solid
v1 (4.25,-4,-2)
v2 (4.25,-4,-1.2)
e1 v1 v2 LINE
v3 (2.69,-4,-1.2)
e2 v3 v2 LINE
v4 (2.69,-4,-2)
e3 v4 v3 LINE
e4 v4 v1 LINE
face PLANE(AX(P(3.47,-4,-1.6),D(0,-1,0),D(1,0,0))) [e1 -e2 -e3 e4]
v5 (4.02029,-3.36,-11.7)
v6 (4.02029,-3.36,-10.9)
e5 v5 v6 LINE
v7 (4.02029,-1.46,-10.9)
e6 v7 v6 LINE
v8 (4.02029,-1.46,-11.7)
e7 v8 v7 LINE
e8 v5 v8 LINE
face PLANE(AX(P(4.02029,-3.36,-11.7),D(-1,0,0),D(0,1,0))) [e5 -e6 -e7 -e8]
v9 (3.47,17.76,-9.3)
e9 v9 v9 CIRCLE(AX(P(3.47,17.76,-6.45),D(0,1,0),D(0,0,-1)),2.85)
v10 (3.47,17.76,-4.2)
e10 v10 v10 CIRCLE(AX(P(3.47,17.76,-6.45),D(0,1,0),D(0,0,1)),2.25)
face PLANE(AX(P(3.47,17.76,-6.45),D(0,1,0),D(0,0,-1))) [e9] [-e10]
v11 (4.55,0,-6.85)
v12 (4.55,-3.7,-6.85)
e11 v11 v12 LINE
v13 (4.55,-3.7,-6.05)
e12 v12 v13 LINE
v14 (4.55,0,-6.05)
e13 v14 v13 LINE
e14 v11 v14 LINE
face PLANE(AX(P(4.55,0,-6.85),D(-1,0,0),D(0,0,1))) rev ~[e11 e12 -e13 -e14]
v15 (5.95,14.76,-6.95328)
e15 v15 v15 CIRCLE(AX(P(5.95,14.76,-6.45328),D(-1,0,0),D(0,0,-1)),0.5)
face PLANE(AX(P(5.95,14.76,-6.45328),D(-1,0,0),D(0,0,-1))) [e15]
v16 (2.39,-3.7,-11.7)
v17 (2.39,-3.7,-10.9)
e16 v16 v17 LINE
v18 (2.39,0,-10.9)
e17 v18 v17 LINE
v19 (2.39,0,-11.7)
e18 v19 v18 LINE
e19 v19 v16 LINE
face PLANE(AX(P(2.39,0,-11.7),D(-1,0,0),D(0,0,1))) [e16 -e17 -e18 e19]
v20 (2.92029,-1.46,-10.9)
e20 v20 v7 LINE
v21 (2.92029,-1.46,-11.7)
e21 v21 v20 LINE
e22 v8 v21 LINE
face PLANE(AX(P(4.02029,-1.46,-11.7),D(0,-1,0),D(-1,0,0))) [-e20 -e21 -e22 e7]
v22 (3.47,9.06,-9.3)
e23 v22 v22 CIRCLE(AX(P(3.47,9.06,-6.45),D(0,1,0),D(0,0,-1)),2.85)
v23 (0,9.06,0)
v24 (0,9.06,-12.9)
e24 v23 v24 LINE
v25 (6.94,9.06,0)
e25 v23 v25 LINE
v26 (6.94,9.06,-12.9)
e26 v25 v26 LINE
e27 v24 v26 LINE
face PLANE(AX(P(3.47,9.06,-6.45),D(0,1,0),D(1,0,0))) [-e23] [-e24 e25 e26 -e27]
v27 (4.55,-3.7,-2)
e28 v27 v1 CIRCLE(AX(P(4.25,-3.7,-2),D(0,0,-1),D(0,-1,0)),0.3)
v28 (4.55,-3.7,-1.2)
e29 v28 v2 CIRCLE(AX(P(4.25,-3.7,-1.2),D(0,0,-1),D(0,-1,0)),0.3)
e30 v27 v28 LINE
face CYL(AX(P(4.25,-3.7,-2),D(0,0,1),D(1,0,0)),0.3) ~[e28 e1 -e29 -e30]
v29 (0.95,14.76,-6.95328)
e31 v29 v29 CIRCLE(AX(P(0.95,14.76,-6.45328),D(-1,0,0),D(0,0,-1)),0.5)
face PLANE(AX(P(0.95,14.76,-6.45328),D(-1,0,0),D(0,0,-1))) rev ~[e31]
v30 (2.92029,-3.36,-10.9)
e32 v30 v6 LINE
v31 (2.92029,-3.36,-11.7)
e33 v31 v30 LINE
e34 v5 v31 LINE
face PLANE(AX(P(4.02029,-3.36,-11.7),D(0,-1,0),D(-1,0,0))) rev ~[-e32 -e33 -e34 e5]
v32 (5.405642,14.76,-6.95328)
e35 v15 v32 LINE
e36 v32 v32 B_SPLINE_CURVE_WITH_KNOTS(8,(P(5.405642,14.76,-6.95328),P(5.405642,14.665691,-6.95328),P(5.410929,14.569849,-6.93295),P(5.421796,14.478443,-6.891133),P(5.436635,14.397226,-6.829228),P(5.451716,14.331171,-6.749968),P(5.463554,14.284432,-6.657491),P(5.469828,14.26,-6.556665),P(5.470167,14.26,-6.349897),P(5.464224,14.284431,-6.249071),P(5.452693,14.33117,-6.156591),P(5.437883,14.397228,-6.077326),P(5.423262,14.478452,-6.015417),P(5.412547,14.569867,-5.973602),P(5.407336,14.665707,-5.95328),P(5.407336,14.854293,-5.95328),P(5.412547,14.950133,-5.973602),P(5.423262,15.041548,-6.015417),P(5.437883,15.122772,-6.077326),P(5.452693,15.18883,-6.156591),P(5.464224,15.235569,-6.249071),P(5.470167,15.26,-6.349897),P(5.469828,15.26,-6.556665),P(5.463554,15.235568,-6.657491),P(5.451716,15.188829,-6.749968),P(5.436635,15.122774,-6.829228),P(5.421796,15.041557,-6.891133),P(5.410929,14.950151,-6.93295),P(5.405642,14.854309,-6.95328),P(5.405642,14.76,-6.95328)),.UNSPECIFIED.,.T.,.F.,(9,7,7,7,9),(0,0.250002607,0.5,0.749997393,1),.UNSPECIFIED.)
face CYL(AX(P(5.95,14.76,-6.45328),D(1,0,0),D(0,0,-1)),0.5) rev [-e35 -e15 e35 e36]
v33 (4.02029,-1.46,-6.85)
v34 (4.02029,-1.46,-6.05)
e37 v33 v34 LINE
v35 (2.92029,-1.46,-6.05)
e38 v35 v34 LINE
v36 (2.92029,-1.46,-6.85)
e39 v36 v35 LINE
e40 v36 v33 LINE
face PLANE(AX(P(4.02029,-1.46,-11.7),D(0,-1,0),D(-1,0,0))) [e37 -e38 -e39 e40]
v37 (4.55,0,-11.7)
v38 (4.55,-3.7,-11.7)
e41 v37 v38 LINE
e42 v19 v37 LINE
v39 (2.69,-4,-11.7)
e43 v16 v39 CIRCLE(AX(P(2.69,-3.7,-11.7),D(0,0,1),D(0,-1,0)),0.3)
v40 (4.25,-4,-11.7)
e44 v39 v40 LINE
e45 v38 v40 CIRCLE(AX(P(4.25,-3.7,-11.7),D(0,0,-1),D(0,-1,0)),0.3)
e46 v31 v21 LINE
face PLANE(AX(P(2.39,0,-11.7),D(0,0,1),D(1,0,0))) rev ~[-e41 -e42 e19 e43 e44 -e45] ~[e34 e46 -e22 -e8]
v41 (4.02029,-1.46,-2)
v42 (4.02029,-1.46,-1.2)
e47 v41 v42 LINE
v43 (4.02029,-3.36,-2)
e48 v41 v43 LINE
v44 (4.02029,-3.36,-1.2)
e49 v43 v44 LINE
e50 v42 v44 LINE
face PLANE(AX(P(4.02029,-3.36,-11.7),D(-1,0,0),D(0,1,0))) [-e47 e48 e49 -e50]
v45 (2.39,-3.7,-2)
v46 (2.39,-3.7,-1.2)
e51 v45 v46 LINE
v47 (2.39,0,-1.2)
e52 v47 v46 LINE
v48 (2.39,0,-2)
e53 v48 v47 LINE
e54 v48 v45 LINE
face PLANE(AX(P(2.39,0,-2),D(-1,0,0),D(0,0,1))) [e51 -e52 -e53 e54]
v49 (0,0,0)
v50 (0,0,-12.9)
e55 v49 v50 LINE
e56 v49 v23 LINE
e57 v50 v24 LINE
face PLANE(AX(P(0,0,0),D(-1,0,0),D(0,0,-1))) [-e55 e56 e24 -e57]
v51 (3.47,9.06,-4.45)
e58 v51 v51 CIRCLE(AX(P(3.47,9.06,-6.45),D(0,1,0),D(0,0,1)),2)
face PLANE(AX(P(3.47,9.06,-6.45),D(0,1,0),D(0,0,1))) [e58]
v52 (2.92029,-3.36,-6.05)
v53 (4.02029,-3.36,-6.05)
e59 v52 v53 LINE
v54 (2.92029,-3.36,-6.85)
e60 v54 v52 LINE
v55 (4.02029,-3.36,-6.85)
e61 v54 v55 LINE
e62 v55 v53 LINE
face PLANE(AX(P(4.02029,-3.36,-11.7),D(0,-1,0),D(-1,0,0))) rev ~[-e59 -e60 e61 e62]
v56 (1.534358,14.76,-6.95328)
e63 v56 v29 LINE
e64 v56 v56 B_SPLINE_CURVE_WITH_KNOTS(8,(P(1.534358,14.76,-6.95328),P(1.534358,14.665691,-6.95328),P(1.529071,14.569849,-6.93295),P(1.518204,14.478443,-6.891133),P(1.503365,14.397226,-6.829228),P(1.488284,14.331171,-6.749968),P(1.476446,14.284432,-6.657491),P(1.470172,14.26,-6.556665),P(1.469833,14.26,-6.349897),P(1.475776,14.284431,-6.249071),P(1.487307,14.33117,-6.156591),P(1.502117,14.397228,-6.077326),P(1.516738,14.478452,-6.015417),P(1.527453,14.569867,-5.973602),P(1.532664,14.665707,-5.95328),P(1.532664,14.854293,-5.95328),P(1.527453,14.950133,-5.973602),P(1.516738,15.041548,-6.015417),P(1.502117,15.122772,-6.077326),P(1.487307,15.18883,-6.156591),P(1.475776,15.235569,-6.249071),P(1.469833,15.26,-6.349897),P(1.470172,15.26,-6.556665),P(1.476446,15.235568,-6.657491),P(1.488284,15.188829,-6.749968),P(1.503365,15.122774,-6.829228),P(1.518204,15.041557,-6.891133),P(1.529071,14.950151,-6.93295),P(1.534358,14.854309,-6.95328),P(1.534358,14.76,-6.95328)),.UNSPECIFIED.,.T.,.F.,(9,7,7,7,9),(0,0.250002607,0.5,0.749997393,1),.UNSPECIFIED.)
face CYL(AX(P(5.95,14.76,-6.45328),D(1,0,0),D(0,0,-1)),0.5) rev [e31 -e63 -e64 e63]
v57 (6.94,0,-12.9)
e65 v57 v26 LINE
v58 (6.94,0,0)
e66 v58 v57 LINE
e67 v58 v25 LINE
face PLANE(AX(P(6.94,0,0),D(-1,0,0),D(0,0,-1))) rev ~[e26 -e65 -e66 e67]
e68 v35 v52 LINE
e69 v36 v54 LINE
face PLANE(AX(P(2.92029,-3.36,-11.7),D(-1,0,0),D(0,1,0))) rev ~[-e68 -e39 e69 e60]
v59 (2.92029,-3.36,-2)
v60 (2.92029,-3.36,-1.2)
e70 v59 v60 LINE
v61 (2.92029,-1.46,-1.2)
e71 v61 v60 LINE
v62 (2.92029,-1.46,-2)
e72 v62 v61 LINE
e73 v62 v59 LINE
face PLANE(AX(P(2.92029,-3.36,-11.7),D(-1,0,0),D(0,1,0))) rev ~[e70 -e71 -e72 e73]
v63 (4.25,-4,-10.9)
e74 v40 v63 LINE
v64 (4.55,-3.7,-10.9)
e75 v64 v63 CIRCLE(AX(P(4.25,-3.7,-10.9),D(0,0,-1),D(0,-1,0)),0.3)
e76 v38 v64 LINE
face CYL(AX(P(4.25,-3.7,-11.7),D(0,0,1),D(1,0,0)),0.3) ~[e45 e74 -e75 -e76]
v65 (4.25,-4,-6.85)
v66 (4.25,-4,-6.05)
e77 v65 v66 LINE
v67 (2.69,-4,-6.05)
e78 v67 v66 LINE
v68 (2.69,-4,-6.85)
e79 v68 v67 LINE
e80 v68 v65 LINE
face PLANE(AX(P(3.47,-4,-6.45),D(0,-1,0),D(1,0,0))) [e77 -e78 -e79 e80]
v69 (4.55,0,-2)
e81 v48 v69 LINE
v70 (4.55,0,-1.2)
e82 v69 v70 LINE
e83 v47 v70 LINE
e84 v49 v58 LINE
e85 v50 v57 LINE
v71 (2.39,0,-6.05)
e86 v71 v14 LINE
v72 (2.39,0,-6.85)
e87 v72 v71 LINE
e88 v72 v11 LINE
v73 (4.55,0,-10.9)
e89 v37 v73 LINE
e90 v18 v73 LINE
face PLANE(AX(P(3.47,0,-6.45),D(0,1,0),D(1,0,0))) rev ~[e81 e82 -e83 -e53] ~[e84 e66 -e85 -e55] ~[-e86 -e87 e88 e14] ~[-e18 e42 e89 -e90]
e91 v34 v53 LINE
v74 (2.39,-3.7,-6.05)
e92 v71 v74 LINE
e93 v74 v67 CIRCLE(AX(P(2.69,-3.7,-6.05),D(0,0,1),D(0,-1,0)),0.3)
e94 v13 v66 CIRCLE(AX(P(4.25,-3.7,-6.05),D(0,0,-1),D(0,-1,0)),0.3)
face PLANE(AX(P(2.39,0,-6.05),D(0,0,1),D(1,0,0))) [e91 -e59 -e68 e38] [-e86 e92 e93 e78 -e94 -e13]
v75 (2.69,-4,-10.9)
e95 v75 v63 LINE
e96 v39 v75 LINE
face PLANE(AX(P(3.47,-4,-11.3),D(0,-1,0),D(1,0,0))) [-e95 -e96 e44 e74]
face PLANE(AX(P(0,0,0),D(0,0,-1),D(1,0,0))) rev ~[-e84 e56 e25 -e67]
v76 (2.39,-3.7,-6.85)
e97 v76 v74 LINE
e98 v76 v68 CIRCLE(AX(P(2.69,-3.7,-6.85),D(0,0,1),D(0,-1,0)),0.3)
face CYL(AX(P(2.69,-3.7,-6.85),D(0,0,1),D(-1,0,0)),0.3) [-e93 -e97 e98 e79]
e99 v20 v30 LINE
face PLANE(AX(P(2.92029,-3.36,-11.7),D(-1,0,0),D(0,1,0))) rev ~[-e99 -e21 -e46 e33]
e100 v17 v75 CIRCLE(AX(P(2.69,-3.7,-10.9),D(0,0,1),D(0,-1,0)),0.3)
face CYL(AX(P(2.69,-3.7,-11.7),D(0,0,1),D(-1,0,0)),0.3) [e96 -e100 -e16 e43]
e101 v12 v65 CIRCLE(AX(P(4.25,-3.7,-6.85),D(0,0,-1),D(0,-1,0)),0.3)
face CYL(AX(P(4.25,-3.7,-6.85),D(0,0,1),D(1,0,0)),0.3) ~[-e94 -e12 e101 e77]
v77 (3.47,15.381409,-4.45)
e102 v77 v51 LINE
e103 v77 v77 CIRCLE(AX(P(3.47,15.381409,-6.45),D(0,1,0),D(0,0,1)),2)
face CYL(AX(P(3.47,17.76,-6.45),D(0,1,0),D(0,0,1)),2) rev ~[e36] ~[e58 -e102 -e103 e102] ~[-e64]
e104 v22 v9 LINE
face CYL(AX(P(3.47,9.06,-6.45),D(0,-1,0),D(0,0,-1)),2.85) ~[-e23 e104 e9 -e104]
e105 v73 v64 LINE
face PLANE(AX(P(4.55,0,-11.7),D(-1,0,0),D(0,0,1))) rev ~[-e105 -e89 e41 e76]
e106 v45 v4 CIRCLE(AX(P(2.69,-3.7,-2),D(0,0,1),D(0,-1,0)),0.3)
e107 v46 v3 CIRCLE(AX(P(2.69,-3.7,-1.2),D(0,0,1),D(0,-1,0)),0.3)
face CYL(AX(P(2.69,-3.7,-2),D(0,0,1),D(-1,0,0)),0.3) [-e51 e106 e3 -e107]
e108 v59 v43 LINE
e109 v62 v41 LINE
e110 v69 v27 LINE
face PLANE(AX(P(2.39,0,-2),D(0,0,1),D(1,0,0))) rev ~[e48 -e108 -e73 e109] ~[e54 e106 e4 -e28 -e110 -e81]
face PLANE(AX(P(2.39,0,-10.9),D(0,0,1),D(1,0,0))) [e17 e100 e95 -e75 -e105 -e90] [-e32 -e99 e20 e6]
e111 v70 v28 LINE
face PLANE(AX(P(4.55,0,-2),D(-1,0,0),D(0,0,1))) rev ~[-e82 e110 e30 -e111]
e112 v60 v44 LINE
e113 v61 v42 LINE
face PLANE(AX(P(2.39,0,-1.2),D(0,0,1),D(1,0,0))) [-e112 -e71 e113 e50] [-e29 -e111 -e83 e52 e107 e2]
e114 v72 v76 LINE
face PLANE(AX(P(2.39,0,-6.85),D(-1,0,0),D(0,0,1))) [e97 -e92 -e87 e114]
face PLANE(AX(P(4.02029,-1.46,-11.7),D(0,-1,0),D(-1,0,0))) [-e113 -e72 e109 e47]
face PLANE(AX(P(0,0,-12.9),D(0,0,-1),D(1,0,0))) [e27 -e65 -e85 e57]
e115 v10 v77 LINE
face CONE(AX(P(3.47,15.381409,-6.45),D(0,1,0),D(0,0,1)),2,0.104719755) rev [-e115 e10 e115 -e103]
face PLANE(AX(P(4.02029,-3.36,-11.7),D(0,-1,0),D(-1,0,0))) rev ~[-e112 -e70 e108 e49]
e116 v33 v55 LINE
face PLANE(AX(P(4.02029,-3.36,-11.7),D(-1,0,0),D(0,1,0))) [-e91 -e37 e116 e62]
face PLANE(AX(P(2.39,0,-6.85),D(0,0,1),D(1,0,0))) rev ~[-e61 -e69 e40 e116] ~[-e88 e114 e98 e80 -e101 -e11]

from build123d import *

# Parameters (mm, degrees)
ESQUISSE1_W                  = 6.94
ESQUISSE1_H                  = 12.9
BOSS_EXTRU_1_DEPTH           = 9.06
ESQUISSE2_R                  = 2.85
BOSS_EXTRU_2_DEPTH           = 8.7
ESQUISSE3_R                  = 2
ENL_V_MAT_EXTRU_1_DEPTH      = 8.7
ENL_V_MAT_EXTRU_2_DEPTH      = 2.5
ENL_V_MAT_EXTRU_2_DEPTH_BACK = 2.5
ENL_V_MAT_EXTRU_2_START      = -3.45
ESQUISSE4_R                  = 0.5
CHANFREIN1_SIZE              = 0.25
CHANFREIN1_SIZE2             = 2.378591114
ESQUISSE5_W                  = 2.16
ESQUISSE5_H                  = 0.8
BOSS_EXTRU_3_DEPTH           = 4
CONG_1_R                     = 0.3
ESQUISSE6_W                  = 1.1
ESQUISSE6_H                  = 1.9
ENL_V_MAT_EXTRU_3_DEPTH      = 23.371213646


with BuildPart() as part:
    # Esquisse1 → Boss.-Extru.1 (new body)
    with BuildSketch(Plane(origin=(0, 0, 0), x_dir=(1, 0, 0), z_dir=(0, 1, 0))):
        with Locations((3.47, 6.45)):
            Rectangle(ESQUISSE1_W, ESQUISSE1_H)
    extrude(amount=BOSS_EXTRU_1_DEPTH)

    # Esquisse2 → Boss.-Extru.2 (add)
    with BuildSketch(Plane(origin=(0, 9.06, 0), x_dir=(1, 0, 0), z_dir=(0, 1, 0))):
        with Locations(Location((3.47, 6.45, 0), (0, 0, 90))):
            Circle(ESQUISSE2_R)
    extrude(amount=BOSS_EXTRU_2_DEPTH)

    # Esquisse3 → Enlèv. mat.-Extru.1 (cut)
    with BuildSketch(Plane(origin=(0, 17.76, 0), x_dir=(1, 0, 0), z_dir=(0, 1, 0))):
        with Locations(Location((3.47, 6.45, 0), (0, 0, 270))):
            Circle(ESQUISSE3_R)
    extrude(amount=-ENL_V_MAT_EXTRU_1_DEPTH, mode=Mode.SUBTRACT)

    # Esquisse4 → Enlèv. mat.-Extru.2 (cut, two sides: drawn at the far end of the back side and taken through both)
    with BuildSketch(Plane.ZY.offset(ENL_V_MAT_EXTRU_2_START - ENL_V_MAT_EXTRU_2_DEPTH_BACK)):
        with Locations(Location((-6.453279692, 14.76, 0), (0, 0, 180))):
            Circle(ESQUISSE4_R)
    extrude(amount=ENL_V_MAT_EXTRU_2_DEPTH + ENL_V_MAT_EXTRU_2_DEPTH_BACK, mode=Mode.SUBTRACT)

    # Chanfrein1
    chanfrein1_edges = [part.edges().sort_by_distance(p)[0] for p in [
        (3.47, 17.76, -8.45),
    ]]
    chanfrein1_side = [part.faces().sort_by_distance(p)[0] for p in [
        (3.47, 17.76, -3.680610173),
    ]]
    chamfer(chanfrein1_edges, length=CHANFREIN1_SIZE, length2=CHANFREIN1_SIZE2, reference=chanfrein1_side[0])

    # Esquisse5 → Boss.-Extru.3 (add)
    with BuildSketch(Plane.XZ):
        with Locations((3.47, -1.6)):
            Rectangle(ESQUISSE5_W, ESQUISSE5_H)
        with Locations((3.47, -11.3)):
            Rectangle(ESQUISSE5_W, ESQUISSE5_H)
        with Locations((3.47, -6.45)):
            Rectangle(ESQUISSE5_W, ESQUISSE5_H)
    extrude(amount=BOSS_EXTRU_3_DEPTH)

    # Congé1
    cong_1_edges = [part.edges().sort_by_distance(p)[0] for p in [
        (2.39, -4, -1.6),
        (4.55, -4, -1.6),
        (4.55, -4, -11.3),
        (2.39, -4, -11.3),
        (2.39, -4, -6.45),
        (4.55, -4, -6.45),
    ]]
    fillet(cong_1_edges, radius=CONG_1_R)

    # Esquisse6 → Enlèv. mat.-Extru.3 (cut, through all)
    with BuildSketch(Plane(origin=(0, 0, -11.7), x_dir=(-1, 0, 0), z_dir=(0, 0, -1))):
        with Locations((-3.470290463, -2.41)):
            Rectangle(ESQUISSE6_W, ESQUISSE6_H)
    extrude(amount=-ENL_V_MAT_EXTRU_3_DEPTH, mode=Mode.SUBTRACT)


solid = part.part
